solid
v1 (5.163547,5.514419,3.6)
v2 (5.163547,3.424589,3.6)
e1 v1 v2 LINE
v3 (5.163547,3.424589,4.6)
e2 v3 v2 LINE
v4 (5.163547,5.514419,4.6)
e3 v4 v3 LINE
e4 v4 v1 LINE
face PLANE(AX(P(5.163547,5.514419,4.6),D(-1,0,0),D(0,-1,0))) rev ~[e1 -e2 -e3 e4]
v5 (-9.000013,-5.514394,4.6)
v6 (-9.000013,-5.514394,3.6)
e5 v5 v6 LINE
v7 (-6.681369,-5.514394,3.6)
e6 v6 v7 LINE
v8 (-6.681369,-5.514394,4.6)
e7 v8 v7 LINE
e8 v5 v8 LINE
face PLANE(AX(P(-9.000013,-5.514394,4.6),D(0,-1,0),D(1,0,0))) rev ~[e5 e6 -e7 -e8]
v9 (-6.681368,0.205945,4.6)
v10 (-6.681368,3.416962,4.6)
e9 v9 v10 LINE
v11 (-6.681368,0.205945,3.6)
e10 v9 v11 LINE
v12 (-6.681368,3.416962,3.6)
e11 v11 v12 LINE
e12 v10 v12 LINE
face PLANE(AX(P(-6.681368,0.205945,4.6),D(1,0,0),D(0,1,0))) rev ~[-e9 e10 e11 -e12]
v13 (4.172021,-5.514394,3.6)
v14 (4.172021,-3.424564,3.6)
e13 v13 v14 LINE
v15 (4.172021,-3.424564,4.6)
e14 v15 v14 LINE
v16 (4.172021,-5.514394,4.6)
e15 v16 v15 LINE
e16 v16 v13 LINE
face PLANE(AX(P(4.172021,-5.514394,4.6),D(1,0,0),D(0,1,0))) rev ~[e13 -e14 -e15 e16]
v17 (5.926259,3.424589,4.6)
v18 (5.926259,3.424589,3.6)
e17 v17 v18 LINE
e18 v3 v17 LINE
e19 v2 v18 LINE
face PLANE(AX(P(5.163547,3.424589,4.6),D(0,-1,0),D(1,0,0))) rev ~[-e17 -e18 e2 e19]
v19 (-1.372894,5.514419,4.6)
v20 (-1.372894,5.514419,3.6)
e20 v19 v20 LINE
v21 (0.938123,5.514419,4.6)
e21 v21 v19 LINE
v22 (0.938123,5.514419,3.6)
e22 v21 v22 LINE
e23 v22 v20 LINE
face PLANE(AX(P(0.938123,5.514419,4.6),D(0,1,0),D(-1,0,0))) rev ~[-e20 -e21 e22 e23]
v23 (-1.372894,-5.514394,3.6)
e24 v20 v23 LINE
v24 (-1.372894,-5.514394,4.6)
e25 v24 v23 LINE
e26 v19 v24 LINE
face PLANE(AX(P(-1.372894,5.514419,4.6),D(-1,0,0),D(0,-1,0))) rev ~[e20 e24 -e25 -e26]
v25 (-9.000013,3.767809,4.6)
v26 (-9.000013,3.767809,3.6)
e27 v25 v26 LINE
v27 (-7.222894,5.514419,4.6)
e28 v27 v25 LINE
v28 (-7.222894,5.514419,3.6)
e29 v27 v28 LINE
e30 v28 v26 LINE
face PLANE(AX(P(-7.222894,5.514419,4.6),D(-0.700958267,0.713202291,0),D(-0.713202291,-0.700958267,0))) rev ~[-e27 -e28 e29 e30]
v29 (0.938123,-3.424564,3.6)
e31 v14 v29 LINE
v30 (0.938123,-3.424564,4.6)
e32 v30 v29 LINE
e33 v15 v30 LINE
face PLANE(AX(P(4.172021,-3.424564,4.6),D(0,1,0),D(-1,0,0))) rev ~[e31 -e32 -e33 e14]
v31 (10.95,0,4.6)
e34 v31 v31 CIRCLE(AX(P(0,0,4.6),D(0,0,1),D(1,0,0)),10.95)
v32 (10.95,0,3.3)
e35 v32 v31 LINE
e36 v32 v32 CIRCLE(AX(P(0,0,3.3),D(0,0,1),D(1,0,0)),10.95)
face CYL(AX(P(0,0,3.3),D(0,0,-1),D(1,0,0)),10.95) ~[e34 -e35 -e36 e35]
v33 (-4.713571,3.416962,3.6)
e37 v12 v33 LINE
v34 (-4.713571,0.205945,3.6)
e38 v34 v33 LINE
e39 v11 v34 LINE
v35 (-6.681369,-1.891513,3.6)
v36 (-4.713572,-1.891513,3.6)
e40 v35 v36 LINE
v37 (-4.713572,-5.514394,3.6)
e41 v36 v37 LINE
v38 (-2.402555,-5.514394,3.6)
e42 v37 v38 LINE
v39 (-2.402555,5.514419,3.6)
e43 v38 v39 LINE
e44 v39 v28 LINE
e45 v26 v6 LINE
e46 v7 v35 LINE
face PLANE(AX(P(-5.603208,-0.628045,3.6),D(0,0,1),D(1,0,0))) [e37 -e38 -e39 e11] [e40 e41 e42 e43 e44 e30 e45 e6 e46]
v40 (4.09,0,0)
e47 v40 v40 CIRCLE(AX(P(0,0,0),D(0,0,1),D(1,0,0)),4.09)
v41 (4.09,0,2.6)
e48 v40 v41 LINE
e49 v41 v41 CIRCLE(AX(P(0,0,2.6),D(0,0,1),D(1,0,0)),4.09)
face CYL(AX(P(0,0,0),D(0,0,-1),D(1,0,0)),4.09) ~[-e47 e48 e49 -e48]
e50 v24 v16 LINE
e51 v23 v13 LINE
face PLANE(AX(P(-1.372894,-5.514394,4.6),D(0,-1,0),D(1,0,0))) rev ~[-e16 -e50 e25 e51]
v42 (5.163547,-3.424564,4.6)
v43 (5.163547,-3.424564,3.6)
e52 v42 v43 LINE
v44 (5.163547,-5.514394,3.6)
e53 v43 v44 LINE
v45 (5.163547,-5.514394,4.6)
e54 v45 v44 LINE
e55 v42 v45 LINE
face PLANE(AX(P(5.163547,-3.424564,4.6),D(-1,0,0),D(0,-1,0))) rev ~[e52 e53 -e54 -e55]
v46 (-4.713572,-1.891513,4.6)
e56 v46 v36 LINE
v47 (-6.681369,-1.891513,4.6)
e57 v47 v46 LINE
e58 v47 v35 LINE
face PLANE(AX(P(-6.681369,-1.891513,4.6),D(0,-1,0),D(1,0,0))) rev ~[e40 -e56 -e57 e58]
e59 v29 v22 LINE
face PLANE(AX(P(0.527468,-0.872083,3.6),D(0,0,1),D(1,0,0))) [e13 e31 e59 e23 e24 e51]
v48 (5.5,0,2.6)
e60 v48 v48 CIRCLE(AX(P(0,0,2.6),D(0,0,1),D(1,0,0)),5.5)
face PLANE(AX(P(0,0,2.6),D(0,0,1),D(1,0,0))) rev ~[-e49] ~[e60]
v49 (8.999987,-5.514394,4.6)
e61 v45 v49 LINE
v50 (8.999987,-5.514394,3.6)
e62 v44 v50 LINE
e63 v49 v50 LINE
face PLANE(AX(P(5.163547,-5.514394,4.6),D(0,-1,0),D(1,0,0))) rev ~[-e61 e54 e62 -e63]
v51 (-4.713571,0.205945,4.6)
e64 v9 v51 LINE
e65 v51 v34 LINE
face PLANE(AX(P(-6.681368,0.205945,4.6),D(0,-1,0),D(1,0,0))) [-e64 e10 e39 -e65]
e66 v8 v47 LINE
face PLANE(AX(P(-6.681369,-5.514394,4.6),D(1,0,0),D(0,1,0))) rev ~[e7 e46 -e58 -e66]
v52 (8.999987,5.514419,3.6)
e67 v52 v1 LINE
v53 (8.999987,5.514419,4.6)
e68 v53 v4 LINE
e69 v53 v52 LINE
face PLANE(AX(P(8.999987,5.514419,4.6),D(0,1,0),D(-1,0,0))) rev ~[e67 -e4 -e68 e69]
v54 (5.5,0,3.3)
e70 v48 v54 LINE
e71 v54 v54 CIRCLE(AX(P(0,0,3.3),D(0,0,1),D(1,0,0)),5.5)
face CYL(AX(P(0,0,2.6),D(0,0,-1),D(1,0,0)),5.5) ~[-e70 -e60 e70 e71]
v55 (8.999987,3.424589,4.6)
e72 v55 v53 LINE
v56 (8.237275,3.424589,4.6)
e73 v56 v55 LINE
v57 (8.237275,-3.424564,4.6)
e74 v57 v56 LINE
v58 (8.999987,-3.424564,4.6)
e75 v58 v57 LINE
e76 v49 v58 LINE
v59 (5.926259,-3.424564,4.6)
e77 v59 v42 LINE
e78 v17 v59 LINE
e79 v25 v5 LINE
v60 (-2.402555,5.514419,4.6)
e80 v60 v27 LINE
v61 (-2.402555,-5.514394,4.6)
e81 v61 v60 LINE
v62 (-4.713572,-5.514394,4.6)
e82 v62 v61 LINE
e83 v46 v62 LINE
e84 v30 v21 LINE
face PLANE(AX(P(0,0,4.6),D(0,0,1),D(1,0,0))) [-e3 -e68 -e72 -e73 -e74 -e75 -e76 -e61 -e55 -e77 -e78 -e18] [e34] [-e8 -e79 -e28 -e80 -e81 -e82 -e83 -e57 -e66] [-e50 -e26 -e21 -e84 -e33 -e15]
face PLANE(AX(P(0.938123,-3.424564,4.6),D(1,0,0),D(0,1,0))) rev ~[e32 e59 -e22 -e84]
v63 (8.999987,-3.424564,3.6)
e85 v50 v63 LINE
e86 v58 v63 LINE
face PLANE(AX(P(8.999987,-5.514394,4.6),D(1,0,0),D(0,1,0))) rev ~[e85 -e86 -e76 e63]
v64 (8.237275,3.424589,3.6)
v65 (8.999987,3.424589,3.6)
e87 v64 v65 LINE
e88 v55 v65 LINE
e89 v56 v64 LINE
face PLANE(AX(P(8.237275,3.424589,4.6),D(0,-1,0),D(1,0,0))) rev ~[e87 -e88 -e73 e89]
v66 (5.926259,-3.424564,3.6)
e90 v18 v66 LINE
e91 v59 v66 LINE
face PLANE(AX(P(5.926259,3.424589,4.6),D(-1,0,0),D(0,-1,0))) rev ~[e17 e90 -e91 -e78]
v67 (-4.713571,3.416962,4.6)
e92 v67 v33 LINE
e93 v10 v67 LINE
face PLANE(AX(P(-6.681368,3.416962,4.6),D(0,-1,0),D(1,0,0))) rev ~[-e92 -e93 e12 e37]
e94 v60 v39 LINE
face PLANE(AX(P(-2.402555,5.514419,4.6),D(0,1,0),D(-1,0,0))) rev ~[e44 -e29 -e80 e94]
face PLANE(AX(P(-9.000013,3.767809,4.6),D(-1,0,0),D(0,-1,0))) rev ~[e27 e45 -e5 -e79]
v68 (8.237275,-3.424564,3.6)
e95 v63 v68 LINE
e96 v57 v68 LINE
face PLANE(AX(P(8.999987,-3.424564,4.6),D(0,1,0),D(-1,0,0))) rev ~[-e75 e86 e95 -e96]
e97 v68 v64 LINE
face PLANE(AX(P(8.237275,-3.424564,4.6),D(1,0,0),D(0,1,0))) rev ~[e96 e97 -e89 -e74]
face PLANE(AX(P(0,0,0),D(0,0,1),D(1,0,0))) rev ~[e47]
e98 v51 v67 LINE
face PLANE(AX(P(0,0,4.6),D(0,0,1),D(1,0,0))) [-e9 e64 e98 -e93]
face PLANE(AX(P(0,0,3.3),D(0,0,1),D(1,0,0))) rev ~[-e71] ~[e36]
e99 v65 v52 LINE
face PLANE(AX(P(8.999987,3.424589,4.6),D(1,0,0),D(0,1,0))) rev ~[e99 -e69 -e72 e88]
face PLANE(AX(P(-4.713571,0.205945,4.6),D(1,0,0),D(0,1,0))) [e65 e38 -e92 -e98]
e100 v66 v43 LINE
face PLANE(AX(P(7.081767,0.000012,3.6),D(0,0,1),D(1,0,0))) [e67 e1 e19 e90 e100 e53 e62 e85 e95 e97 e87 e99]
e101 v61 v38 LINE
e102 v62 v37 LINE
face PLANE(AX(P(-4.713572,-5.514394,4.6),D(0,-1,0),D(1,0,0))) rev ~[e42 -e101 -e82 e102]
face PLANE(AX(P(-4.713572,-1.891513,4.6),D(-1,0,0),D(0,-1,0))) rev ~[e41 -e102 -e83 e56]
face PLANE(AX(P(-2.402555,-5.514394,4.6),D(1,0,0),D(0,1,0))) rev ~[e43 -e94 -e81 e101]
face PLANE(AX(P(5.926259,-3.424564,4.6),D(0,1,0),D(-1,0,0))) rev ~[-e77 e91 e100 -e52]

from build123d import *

# Parameters (mm, degrees)
F0_R     = 4.09
F1_DEPTH = 2.6
F2_R     = 5.5
F3_DEPTH = 0.7
F4_R     = 10.95
F5_DEPTH = 1.3
F6_W     = 1.967797
F6_H     = 3.211017
F7_DEPTH = 1


with BuildPart() as f1:
    # F0 (on Top) → F1 (new body)
    with BuildSketch(Plane.XY):
        Circle(F0_R)
    extrude(amount=F1_DEPTH)

    # F2 (on face) → F3 (join)
    with BuildSketch(Plane.XY.offset(2.6)):
        Circle(F2_R)
    extrude(amount=F3_DEPTH)

    # F4 (on face) → F5 (join)
    with BuildSketch(Plane.XY.offset(3.3)):
        Circle(F4_R)
    extrude(amount=F5_DEPTH)

    # F6 (on face) → F7 (cut)
    with BuildSketch(Plane.XY.offset(4.6)):
        Polygon((-9.000013, -5.514394), (-6.681369, -5.514394), (-6.681369, -1.891513), (-4.713572, -1.891513), (-4.713572, -5.514394), (-2.402555, -5.514394), (-2.402555, 5.514419), (-7.222894, 5.514419), (-9.000013, 3.767809), align=None)
        with Locations((-5.69747, 1.811453)):
            Rectangle(F6_W, F6_H, mode=Mode.SUBTRACT)
        Polygon((-1.372894, 5.514419), (-1.372894, -5.514394), (4.172021, -5.514394), (4.172021, -3.424564), (0.938123, -3.424564), (0.938123, 5.514419), align=None)
        Polygon((8.999987, -5.514394), (8.999987, -3.424564), (8.237275, -3.424564), (8.237275, 3.424589), (8.999987, 3.424589), (8.999987, 5.514419), (5.163547, 5.514419), (5.163547, 3.424589), (5.926259, 3.424589), (5.926259, -3.424564), (5.163547, -3.424564), (5.163547, -5.514394), align=None)
    extrude(amount=-F7_DEPTH, mode=Mode.SUBTRACT)


solid = f1.part
